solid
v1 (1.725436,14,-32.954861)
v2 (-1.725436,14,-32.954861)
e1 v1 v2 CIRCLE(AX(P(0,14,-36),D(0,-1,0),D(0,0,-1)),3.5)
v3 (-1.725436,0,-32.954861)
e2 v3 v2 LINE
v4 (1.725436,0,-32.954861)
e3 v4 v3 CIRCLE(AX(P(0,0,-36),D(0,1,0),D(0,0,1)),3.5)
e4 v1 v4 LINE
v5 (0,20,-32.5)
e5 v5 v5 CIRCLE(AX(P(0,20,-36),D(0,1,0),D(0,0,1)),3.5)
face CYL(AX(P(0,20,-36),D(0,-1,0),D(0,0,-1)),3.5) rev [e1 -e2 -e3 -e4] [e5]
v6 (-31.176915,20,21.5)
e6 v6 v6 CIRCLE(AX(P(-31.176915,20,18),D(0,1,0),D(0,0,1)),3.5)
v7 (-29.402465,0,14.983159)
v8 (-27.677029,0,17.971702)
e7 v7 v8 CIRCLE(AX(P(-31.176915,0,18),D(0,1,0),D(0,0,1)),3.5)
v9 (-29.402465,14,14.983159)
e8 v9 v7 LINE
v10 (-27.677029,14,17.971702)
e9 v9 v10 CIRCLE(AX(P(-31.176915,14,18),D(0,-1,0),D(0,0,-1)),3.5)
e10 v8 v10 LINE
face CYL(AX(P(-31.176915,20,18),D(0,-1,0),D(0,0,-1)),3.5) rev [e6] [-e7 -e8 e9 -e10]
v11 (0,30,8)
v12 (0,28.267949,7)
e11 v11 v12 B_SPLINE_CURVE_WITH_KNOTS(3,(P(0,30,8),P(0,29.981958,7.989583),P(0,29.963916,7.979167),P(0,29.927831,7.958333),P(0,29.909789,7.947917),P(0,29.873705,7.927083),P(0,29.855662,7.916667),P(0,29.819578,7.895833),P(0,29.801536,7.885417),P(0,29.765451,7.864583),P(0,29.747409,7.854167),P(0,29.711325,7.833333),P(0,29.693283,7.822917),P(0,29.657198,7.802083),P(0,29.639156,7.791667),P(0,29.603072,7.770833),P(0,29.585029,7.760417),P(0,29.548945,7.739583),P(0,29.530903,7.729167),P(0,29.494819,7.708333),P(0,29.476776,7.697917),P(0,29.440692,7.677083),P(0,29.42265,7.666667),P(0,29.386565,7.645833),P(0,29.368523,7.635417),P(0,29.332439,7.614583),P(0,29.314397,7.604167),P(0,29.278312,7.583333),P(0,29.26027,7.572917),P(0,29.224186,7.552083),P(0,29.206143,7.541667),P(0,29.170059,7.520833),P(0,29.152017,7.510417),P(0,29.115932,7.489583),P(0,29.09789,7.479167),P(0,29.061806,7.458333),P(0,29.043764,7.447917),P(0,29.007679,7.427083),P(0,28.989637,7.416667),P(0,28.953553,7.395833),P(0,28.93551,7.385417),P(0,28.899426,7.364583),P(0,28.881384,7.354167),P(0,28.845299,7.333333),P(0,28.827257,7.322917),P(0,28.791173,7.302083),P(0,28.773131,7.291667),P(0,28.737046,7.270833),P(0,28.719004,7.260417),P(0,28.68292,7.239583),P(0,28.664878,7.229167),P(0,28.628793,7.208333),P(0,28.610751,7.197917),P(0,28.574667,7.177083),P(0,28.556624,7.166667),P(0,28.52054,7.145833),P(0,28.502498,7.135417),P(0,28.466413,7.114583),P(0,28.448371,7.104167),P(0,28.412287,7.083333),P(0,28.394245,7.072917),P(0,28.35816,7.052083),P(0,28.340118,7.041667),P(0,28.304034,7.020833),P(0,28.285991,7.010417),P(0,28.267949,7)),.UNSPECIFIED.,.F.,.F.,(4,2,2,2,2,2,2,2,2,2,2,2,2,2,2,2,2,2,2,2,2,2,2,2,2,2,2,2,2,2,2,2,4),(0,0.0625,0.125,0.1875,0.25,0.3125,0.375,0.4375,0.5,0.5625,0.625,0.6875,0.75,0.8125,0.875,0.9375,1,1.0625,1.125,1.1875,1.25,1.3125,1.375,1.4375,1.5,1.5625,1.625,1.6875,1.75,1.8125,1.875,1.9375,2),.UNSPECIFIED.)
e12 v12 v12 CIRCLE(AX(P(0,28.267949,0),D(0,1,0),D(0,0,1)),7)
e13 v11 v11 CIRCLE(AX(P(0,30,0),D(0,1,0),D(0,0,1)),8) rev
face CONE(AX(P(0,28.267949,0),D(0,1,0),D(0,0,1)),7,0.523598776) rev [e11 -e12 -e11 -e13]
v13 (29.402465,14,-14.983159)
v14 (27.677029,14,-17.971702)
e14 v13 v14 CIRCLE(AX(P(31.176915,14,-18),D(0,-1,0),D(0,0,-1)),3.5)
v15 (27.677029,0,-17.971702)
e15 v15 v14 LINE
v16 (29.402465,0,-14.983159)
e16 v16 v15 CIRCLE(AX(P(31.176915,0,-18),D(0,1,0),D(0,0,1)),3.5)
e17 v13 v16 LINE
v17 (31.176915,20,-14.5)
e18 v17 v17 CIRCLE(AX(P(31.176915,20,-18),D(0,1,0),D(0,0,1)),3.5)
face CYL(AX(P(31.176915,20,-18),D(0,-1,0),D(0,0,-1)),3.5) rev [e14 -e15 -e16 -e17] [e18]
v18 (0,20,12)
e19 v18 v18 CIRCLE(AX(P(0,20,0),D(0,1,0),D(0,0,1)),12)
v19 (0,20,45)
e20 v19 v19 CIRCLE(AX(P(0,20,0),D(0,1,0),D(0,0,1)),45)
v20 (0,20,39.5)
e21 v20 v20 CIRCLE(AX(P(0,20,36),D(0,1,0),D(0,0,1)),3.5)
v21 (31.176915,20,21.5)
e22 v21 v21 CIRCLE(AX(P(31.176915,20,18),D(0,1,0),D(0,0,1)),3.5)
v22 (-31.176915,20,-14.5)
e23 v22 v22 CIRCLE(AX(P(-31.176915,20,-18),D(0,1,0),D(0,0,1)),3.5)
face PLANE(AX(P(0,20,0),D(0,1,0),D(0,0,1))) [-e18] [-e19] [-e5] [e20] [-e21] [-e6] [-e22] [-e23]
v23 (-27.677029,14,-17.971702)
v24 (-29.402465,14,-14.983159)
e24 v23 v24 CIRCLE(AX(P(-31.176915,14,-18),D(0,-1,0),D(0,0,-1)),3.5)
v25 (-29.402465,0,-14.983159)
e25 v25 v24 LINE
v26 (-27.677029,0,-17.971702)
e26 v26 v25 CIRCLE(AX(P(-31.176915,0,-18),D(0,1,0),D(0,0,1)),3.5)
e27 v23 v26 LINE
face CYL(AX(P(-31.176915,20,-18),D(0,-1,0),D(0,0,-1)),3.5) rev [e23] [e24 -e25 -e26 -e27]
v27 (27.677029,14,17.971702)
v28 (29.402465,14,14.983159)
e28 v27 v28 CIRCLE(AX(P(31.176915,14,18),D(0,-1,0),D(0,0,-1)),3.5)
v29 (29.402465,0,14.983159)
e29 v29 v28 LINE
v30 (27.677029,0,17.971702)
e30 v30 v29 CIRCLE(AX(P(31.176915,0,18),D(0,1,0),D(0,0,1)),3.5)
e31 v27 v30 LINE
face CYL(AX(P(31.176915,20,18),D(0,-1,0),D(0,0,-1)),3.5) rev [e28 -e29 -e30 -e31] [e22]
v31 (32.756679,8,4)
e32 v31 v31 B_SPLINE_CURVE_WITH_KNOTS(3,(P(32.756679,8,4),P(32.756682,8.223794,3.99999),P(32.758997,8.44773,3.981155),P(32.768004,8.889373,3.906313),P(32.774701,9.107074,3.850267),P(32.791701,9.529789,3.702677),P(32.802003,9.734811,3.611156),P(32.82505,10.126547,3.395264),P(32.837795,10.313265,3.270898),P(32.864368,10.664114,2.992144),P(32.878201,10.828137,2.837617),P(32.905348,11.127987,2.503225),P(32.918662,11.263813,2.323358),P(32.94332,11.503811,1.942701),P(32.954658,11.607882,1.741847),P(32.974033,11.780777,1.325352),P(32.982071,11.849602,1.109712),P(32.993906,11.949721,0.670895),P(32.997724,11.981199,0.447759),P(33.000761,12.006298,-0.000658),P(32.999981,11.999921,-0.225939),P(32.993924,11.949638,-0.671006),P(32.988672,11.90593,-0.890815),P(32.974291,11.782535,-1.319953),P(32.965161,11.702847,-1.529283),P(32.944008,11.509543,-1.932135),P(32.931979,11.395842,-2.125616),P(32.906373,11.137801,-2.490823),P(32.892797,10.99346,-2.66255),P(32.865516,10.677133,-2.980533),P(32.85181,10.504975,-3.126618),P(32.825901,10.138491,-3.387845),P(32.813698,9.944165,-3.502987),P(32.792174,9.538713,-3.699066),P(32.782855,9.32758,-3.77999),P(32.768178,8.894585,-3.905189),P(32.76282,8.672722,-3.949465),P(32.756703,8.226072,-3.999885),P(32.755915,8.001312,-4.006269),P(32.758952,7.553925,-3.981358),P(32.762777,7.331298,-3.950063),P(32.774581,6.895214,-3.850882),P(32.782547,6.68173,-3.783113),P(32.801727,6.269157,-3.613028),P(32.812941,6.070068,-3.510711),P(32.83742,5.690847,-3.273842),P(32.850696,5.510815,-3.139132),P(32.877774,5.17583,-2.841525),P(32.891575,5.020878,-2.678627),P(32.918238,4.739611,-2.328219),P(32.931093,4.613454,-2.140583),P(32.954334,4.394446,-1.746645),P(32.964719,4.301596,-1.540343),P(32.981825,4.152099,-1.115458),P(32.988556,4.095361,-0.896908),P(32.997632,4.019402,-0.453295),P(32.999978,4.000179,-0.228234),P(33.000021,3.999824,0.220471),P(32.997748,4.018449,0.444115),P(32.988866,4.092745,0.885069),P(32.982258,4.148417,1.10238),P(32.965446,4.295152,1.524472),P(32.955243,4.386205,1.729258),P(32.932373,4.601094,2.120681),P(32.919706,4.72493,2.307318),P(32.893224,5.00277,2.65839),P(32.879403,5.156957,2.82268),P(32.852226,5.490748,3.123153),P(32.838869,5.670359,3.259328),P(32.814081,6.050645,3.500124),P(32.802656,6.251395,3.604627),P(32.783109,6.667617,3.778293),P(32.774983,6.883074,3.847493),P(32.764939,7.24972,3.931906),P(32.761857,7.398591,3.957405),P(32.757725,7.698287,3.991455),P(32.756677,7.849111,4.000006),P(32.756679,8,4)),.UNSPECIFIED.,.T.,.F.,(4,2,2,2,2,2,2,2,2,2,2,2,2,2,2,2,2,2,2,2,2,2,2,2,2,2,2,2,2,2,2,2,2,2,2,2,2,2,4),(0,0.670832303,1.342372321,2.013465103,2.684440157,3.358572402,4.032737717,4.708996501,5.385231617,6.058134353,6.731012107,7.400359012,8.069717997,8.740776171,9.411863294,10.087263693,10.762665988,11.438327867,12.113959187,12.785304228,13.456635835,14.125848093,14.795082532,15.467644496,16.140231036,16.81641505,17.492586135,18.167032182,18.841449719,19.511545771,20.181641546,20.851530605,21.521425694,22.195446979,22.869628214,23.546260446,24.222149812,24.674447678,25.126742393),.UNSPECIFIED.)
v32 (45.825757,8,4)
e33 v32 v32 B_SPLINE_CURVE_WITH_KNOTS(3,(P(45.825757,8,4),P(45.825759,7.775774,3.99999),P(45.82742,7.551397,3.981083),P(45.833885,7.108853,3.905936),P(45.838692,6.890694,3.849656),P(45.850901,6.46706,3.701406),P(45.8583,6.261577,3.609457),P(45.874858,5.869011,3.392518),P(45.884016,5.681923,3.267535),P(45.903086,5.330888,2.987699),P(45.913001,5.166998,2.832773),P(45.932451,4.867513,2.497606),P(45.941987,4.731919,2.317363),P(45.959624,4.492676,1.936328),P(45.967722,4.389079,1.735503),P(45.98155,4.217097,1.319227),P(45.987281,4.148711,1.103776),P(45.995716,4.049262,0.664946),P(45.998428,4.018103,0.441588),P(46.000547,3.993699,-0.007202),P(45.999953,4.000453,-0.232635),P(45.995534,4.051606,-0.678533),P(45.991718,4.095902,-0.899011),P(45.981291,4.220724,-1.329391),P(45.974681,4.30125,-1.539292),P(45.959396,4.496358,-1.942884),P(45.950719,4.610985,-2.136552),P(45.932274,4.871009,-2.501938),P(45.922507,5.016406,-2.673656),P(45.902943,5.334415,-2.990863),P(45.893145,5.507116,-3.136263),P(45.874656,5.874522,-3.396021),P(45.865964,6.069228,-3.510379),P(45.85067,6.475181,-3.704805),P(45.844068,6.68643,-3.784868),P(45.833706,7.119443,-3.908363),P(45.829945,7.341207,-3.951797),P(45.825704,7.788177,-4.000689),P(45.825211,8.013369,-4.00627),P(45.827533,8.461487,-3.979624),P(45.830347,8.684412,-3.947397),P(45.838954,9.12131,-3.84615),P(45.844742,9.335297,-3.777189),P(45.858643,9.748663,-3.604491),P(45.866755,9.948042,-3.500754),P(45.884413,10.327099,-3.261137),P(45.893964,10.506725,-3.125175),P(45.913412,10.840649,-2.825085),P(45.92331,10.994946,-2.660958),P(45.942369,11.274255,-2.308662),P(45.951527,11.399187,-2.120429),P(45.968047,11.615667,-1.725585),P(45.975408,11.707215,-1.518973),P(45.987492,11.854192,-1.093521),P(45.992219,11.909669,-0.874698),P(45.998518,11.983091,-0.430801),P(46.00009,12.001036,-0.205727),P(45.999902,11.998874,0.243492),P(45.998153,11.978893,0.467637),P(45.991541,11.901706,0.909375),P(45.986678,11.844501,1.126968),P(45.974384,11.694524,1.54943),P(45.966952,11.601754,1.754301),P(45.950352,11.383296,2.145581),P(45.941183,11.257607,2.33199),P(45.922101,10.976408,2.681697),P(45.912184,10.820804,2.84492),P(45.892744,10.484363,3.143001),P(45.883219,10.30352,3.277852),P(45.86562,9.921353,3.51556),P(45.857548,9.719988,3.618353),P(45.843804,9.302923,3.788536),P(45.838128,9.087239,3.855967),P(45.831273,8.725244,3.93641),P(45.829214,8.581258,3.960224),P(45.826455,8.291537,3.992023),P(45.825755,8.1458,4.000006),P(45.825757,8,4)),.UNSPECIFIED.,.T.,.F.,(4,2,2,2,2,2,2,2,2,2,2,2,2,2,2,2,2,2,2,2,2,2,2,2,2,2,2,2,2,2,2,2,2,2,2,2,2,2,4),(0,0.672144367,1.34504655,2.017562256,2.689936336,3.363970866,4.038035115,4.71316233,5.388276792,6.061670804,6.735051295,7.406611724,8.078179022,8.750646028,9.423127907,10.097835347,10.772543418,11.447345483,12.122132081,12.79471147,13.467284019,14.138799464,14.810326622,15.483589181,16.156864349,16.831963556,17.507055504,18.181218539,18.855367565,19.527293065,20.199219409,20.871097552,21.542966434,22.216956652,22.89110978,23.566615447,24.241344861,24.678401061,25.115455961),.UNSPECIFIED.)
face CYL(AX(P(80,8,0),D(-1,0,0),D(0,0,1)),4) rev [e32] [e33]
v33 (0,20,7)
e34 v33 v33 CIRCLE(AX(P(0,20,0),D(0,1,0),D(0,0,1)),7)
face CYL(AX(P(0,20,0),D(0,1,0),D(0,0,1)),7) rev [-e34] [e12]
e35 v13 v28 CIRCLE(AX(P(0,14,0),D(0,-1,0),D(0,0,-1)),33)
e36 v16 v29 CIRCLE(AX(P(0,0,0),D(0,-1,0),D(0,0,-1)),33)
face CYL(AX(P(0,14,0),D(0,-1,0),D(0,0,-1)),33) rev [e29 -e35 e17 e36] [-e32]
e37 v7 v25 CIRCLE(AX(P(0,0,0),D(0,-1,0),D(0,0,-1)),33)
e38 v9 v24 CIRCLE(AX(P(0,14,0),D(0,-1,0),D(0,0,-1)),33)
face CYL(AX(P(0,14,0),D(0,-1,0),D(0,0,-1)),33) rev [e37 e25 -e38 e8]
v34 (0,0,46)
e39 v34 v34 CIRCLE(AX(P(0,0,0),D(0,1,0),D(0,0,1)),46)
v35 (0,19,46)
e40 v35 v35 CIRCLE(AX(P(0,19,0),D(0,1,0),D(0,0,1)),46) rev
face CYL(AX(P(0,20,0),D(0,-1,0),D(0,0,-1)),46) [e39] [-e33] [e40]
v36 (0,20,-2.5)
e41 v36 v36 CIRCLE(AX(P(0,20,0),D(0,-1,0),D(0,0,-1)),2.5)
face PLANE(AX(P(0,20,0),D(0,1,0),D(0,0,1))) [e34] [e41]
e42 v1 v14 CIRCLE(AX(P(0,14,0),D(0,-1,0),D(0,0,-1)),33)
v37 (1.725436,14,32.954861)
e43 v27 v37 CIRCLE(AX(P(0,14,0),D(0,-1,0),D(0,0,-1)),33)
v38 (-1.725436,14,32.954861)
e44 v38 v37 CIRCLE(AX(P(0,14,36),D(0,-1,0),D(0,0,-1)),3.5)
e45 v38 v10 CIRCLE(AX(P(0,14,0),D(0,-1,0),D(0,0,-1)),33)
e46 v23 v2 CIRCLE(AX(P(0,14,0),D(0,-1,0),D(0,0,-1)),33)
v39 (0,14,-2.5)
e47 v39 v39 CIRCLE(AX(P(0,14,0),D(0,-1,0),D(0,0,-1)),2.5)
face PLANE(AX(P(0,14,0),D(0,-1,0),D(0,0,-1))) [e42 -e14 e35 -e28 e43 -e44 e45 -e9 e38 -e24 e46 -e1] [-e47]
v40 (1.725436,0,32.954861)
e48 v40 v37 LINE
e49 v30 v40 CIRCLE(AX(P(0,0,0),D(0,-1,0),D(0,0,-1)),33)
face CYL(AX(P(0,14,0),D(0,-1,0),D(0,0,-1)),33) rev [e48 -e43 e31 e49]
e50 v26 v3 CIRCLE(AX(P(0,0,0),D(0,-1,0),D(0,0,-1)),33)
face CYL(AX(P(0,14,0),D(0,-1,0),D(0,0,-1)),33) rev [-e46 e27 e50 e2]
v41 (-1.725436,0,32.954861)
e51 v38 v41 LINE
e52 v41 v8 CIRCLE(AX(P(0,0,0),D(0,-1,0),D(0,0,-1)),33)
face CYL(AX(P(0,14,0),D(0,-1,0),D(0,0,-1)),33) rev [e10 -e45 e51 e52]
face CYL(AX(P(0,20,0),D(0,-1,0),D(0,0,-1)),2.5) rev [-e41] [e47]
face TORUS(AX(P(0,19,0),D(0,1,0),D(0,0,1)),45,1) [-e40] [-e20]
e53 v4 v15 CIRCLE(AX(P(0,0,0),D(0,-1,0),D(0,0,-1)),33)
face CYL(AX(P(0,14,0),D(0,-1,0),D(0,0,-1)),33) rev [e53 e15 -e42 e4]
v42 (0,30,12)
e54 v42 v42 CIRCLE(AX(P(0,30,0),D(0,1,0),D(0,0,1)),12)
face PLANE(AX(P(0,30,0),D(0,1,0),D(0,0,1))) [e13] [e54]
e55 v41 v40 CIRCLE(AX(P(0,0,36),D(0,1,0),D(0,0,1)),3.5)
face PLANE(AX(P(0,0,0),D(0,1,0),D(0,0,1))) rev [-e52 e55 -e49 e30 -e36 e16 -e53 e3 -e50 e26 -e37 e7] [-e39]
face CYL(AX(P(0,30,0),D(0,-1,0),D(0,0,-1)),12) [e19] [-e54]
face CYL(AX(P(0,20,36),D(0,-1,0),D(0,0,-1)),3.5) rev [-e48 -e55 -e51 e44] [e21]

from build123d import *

# Parameters (mm, degrees)
SKETCH1_R           = 46
SKETCH1_R_2         = 3.5
BOSS_EXTRUDE1_DEPTH = 20
FILLET1_R           = 1
SKETCH2_R           = 12
BOSS_EXTRUDE2_DEPTH = 10
SKETCH3_R           = 33
CUT_EXTRUDE1_DEPTH  = 14
SKETCH4_R           = 2.5
CUT_EXTRUDE2_DEPTH  = 6
SKETCH5_R           = 7
CUT_EXTRUDE3_DEPTH  = 10
CHAMFER1_SIZE       = 1
CHAMFER1_SIZE2      = 1.732050808
SKETCH6_R           = 4
CUT_EXTRUDE4_DEPTH  = 80


with BuildPart() as part:
    # Sketch1 → Boss-Extrude1 (new body)
    with BuildSketch(Plane(origin=(0, 0, 0), x_dir=(1, 0, 0), z_dir=(0, 1, 0))):
        with Locations(Location((0, 0, 0), (0, 0, 270))):
            Circle(SKETCH1_R)
        with Locations(Location((0, 36, 0), (0, 0, 270))):
            Circle(SKETCH1_R_2, mode=Mode.SUBTRACT)
        with Locations(Location((31.176914536, 18, 0), (0, 0, 270))):
            Circle(SKETCH1_R_2, mode=Mode.SUBTRACT)
        with Locations(Location((31.176914536, -18, 0), (0, 0, 270))):
            Circle(SKETCH1_R_2, mode=Mode.SUBTRACT)
        with Locations(Location((0, -36, 0), (0, 0, 270))):
            Circle(SKETCH1_R_2, mode=Mode.SUBTRACT)
        with Locations(Location((-31.176914536, -18, 0), (0, 0, 270))):
            Circle(SKETCH1_R_2, mode=Mode.SUBTRACT)
        with Locations(Location((-31.176914536, 18, 0), (0, 0, 270))):
            Circle(SKETCH1_R_2, mode=Mode.SUBTRACT)
    extrude(amount=BOSS_EXTRUDE1_DEPTH)

    # Fillet1
    fillet1_edges = [part.edges().sort_by_distance(p)[0] for p in [
        (0, 20, -46),
    ]]
    fillet(fillet1_edges, radius=FILLET1_R)

    # Sketch2 → Boss-Extrude2 (add)
    with BuildSketch(Plane(origin=(0, 20, 0), x_dir=(1, 0, 0), z_dir=(0, 1, 0))):
        with Locations(Location((0, 0, 0), (0, 0, 270))):
            Circle(SKETCH2_R)
    extrude(amount=BOSS_EXTRUDE2_DEPTH)

    # Sketch3 → Cut-Extrude1 (cut)
    with BuildSketch(Plane.XZ):
        Circle(SKETCH3_R)
    extrude(amount=-CUT_EXTRUDE1_DEPTH, mode=Mode.SUBTRACT)

    # Sketch4 → Cut-Extrude2 (cut)
    with BuildSketch(Plane.XZ.offset(-14)):
        with Locations(Location((0, 0, 0), (0, 0, 270))):
            Circle(SKETCH4_R)
    extrude(amount=-CUT_EXTRUDE2_DEPTH, mode=Mode.SUBTRACT)

    # Sketch5 → Cut-Extrude3 (cut)
    with BuildSketch(Plane(origin=(0, 30, 0), x_dir=(1, 0, 0), z_dir=(0, 1, 0))):
        with Locations(Location((0, 0, 0), (0, 0, 270))):
            Circle(SKETCH5_R)
    extrude(amount=-CUT_EXTRUDE3_DEPTH, mode=Mode.SUBTRACT)

    # Chamfer1
    chamfer1_edges = [part.edges().sort_by_distance(p)[0] for p in [
        (0, 30, -7),
    ]]
    chamfer1_side = [part.faces().sort_by_distance(p)[0] for p in [
        (0, 30, -11.660588745),
    ]]
    chamfer(chamfer1_edges, length=CHAMFER1_SIZE, length2=CHAMFER1_SIZE2, reference=chamfer1_side[0])

    # Sketch6 → Cut-Extrude4 (cut)
    with BuildSketch(Plane(origin=(0, 0, 0), x_dir=(0, 0, -1), z_dir=(1, 0, 0))):
        with Locations(Location((0, 8, 0), (0, 0, 180))):
            Circle(SKETCH6_R)
    extrude(amount=CUT_EXTRUDE4_DEPTH, mode=Mode.SUBTRACT)


solid = part.part
